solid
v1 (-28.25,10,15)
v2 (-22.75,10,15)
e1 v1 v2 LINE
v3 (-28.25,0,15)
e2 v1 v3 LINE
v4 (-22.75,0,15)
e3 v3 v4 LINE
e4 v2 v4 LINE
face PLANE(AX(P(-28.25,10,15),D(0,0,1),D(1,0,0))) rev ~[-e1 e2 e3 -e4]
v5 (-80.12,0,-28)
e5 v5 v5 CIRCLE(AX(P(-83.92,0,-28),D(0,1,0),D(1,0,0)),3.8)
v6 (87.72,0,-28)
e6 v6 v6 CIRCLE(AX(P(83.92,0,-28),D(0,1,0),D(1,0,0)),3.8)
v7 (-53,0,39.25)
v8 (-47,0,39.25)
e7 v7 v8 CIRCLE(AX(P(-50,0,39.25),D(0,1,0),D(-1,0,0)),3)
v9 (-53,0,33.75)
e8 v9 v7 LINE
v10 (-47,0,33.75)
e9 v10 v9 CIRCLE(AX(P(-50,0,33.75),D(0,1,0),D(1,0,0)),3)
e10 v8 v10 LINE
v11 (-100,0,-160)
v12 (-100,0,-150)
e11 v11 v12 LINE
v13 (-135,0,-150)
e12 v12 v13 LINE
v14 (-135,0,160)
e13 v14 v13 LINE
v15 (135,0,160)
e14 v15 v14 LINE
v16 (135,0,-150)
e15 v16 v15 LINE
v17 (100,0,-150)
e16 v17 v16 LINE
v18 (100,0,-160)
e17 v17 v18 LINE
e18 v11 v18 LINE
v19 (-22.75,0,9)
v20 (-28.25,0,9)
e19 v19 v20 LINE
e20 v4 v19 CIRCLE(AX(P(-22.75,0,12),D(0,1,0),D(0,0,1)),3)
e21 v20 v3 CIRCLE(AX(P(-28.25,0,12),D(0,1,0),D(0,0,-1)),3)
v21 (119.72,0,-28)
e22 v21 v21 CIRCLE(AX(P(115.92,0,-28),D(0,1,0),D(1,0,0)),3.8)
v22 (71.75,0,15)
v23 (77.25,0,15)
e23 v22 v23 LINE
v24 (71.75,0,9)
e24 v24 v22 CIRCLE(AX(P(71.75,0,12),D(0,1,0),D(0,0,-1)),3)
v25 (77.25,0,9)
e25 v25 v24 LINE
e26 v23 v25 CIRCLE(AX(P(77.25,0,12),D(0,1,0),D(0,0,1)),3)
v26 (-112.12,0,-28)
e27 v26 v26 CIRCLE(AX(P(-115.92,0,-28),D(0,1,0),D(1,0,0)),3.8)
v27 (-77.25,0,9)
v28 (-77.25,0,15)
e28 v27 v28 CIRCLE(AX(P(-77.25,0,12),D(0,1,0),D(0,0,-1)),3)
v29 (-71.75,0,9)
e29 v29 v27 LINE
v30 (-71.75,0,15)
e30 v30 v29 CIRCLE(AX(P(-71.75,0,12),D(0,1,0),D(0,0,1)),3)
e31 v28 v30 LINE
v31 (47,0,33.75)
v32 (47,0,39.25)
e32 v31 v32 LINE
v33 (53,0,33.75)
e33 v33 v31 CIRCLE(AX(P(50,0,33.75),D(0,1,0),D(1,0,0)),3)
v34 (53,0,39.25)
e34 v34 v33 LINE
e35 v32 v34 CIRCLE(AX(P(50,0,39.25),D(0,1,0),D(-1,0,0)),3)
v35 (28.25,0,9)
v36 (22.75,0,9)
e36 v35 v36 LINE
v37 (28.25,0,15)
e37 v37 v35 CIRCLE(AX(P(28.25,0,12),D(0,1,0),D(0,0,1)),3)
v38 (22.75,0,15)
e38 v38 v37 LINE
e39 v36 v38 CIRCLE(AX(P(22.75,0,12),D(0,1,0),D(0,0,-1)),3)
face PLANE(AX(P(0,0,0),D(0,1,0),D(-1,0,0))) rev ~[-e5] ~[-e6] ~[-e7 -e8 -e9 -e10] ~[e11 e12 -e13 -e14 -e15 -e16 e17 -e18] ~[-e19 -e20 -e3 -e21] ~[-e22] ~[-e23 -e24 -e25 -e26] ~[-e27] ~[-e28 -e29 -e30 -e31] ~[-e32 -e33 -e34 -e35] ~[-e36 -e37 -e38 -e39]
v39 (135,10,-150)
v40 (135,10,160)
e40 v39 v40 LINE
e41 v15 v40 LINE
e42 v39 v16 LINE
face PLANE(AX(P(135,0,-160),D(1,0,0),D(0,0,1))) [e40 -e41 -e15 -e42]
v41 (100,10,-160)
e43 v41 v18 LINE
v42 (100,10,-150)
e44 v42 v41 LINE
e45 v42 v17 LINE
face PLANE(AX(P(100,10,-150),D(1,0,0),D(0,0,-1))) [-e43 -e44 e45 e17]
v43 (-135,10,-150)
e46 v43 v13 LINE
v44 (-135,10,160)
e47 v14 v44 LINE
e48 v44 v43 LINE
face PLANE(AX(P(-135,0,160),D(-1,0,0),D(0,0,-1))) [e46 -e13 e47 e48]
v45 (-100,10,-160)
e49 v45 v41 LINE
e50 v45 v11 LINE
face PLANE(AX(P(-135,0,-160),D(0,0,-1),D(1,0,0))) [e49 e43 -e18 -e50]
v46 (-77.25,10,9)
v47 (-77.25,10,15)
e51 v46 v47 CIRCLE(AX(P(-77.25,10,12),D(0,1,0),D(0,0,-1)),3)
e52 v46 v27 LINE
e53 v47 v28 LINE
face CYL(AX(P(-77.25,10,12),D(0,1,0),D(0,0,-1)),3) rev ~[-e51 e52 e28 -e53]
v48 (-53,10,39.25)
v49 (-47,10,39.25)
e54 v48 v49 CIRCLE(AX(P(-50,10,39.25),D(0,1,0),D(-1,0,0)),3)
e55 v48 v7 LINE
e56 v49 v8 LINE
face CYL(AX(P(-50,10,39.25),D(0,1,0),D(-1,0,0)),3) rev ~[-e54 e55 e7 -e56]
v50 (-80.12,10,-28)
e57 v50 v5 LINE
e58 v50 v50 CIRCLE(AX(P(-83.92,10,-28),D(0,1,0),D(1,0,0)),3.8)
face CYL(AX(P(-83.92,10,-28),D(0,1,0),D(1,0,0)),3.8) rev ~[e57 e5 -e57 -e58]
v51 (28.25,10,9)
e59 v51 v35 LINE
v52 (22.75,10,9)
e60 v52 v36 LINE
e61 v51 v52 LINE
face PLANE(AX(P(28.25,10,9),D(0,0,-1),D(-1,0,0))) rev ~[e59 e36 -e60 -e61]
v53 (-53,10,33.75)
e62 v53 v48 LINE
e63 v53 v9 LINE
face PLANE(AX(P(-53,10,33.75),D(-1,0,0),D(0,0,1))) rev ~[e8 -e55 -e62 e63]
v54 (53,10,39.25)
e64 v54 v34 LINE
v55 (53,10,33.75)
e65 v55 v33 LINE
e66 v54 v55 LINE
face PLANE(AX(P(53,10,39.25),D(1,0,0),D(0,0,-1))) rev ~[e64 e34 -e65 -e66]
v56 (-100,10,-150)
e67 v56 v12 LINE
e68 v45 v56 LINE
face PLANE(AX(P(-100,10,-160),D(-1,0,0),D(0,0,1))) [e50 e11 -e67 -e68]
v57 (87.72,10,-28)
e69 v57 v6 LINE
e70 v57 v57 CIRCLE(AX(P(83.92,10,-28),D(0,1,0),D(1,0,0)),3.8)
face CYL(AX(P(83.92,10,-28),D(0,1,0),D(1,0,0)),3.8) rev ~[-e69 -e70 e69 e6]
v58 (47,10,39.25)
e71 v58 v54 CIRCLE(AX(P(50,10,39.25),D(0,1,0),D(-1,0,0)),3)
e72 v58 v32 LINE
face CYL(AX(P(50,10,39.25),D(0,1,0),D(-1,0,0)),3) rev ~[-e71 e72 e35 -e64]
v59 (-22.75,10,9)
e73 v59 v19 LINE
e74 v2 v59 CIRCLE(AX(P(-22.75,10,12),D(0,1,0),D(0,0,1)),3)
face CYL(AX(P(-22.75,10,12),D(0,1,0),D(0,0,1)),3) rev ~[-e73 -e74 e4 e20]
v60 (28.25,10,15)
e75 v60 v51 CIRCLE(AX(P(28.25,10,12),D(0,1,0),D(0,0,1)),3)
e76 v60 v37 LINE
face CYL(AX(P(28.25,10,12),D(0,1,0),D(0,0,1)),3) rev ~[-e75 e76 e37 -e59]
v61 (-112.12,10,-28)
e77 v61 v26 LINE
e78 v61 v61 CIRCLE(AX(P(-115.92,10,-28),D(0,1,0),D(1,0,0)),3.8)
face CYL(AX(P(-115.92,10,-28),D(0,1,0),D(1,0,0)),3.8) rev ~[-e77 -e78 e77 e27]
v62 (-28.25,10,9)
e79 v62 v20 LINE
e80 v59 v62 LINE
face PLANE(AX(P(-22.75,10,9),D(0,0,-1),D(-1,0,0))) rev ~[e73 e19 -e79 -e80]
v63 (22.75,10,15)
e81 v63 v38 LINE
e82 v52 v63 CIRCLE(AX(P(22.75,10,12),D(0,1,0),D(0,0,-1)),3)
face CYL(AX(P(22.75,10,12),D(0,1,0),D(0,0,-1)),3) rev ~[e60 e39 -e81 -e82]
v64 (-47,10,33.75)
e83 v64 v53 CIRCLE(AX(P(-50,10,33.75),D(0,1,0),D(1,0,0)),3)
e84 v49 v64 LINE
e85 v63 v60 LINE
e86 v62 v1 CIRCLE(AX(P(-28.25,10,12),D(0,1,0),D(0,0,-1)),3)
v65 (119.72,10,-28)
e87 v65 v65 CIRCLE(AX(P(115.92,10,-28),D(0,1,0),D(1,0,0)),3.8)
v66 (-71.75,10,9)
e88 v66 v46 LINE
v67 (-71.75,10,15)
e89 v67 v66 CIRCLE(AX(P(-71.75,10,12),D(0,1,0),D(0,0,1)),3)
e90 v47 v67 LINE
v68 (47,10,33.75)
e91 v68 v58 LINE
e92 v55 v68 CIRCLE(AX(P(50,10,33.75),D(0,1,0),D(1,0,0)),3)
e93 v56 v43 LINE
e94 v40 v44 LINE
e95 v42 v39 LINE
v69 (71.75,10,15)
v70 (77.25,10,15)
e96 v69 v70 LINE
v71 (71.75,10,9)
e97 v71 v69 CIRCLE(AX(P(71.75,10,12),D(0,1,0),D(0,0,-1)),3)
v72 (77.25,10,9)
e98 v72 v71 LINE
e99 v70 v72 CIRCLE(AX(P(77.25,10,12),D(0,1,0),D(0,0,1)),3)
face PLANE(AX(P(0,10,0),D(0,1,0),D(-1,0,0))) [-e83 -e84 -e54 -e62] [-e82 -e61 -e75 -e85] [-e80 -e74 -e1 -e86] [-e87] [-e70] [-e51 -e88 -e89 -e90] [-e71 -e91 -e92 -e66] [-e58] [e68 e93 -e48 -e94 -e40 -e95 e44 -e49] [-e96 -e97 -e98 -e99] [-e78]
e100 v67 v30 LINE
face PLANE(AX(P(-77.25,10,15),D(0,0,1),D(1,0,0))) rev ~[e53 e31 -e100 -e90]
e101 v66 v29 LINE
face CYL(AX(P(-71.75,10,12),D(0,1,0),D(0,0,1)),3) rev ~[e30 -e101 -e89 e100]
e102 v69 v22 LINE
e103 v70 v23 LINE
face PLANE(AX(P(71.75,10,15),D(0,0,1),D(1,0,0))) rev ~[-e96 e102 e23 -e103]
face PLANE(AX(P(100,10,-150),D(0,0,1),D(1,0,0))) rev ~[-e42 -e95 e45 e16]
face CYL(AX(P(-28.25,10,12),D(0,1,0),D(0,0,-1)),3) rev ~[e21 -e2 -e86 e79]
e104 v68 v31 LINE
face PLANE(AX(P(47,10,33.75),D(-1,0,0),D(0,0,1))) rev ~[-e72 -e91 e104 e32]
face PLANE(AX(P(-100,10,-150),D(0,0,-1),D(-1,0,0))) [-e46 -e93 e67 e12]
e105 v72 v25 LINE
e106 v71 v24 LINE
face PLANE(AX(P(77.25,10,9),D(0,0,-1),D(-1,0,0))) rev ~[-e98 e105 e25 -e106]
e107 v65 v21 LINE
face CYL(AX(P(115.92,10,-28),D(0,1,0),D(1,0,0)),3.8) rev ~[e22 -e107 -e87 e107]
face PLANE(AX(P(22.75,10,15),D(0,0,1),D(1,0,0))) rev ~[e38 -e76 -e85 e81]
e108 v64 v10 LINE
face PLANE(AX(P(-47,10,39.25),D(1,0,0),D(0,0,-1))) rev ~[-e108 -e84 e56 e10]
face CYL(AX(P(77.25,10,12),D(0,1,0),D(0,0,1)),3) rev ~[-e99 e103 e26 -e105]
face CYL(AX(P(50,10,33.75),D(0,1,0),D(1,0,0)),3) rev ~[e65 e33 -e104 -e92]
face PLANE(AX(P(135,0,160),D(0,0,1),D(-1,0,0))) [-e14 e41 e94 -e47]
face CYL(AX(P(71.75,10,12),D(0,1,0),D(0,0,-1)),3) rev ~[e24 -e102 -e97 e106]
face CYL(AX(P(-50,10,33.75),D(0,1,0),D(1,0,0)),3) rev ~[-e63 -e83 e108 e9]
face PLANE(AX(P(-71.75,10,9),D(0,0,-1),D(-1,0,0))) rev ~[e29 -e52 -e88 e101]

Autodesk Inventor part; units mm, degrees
ref_plane "YZ Plane" through (0, 0, 0) normal (1, 0, 0) x (0, 1, 0)
ref_plane "XZ Plane" through (0, 0, 0) normal (0, 1, 0) x (-1, 0, 0)
ref_plane "XY Plane" through (0, 0, 0) normal (0, 0, 1) x (1, 0, 0)
sketch "Sketch1" plane through (0, 0, 0) normal (0, 1, 0) x (-1, 0, 0)
  line L0 (-135, 160) -> (135, 160)
  line L1 (135, 160) -> (135, -160)
  line L2 (135, -160) -> (-135, -160)
  line L3 (-135, -160) -> (-135, 160)
  line L4 (-135, 160) -> (135, -160) construction
  line L5 (135, 160) -> (-135, -160) construction
  point P0 (0, 0)
  dimension "d0" = 270
  dimension "d1" = 320
extrude "Extrusion1" add sketch "Sketch1" along normal blind 10
sketch "Sketch2" plane through (0, 10, 0) normal (0, 1, 0) x (1, 0, 0)
  line L0 (57, -25.5) -> (57, -50) projected
  line L1 (57, -25.5) -> (43, -25.5) projected
  line L2 (43, -50) -> (43, -25.5) projected
  line L3 (57, -50) -> (43, -50) projected
  arc A0 (53, -33.75) -> (47, -33.75) centre (50, -33.75) ccw projected
  line L4 (53, -39.25) -> (53, -33.75) projected
  arc A1 (47, -39.25) -> (53, -39.25) centre (50, -39.25) ccw projected
  line L5 (47, -33.75) -> (47, -39.25) projected
  line L6 (63.5, -5) -> (88, -5) projected
  line L7 (63.5, -5) -> (63.5, -19) projected
  line L8 (88, -19) -> (63.5, -19) projected
  line L9 (88, -5) -> (88, -19) projected
  arc A2 (71.75, -9) -> (71.75, -15) centre (71.75, -12) ccw projected
  line L10 (77.25, -9) -> (71.75, -9) projected
  arc A3 (77.25, -15) -> (77.25, -9) centre (77.25, -12) ccw projected
  line L11 (71.75, -15) -> (77.25, -15) projected
  line L12 (36.5, -19) -> (12, -19) projected
  line L13 (36.5, -19) -> (36.5, -5) projected
  line L14 (12, -5) -> (36.5, -5) projected
  line L15 (12, -19) -> (12, -5) projected
  arc A4 (28.25, -15) -> (28.25, -9) centre (28.25, -12) ccw projected
  line L16 (22.75, -15) -> (28.25, -15) projected
  arc A5 (22.75, -9) -> (22.75, -15) centre (22.75, -12) ccw projected
  line L17 (28.25, -9) -> (22.75, -9) projected
  line L18 (-36.5, -5) -> (-12, -5) projected
  line L19 (-36.5, -5) -> (-36.5, -19) projected
  line L20 (-12, -19) -> (-36.5, -19) projected
  line L21 (-12, -5) -> (-12, -19) projected
  arc A6 (-28.25, -9) -> (-28.25, -15) centre (-28.25, -12) ccw projected
  line L22 (-22.75, -9) -> (-28.25, -9) projected
  arc A7 (-22.75, -15) -> (-22.75, -9) centre (-22.75, -12) ccw projected
  line L23 (-28.25, -15) -> (-22.75, -15) projected
  line L24 (-43, -25.5) -> (-43, -50) projected
  line L25 (-43, -25.5) -> (-57, -25.5) projected
  line L26 (-57, -50) -> (-57, -25.5) projected
  line L27 (-43, -50) -> (-57, -50) projected
  arc A8 (-47, -33.75) -> (-53, -33.75) centre (-50, -33.75) ccw projected
  line L28 (-47, -39.25) -> (-47, -33.75) projected
  arc A9 (-53, -39.25) -> (-47, -39.25) centre (-50, -39.25) ccw projected
  line L29 (-53, -33.75) -> (-53, -39.25) projected
  line L30 (-63.5, -19) -> (-88, -19) projected
  line L31 (-63.5, -19) -> (-63.5, -5) projected
  line L32 (-88, -5) -> (-63.5, -5) projected
  line L33 (-88, -19) -> (-88, -5) projected
  arc A10 (-71.75, -15) -> (-71.75, -9) centre (-71.75, -12) ccw projected
  line L34 (-77.25, -15) -> (-71.75, -15) projected
  arc A11 (-77.25, -9) -> (-77.25, -15) centre (-77.25, -12) ccw projected
  line L35 (-71.75, -9) -> (-77.25, -9) projected
  line L36 (-108.92, 42.1) -> (-108.92, 39.2309) projected
  line L37 (-108.52, 39) -> (-108.92, 39.2309) projected
  line L38 (-108.92, 38.7691) -> (-108.52, 39) projected
  line L39 (-108.92, 38.7691) -> (-108.92, 35.0867) projected
  line L40 (-108.92, 35.0867) -> (-117.2017, 32.9363) projected
  arc A12 (-117.2017, 32.9363) -> (-117.2017, 23.0637) centre (-115.92, 28) ccw projected
  line L41 (-117.2017, 23.0637) -> (-101.7351, 19.0476) projected
  arc A13 (-101.7351, 19.0476) -> (-100.579, 18.9) centre (-100.579, 23.5) ccw projected
  line L42 (-100.579, 18.9) -> (-99.2609, 18.9) projected
  arc A14 (-99.2609, 18.9) -> (-98.1048, 19.0476) centre (-99.2609, 23.5) ccw projected
  line L43 (-98.1048, 19.0476) -> (-82.6382, 23.0637) projected
  arc A15 (-82.6382, 23.0637) -> (-82.6382, 32.9363) centre (-83.92, 28) ccw projected
  line L44 (-82.6382, 32.9363) -> (-90.92, 35.0867) projected
  line L45 (-90.92, 42.1) -> (-90.92, 35.0867) projected
  line L46 (-90.92, 42.1) -> (-99.195, 42.1) projected
  line L47 (-99.195, 32.3399) -> (-99.195, 42.1) projected
  arc A16 (-100.645, 32.3399) -> (-99.195, 32.3399) centre (-99.92, 28) ccw projected
  line L48 (-100.645, 32.3399) -> (-100.645, 42.1) projected
  line L49 (-100.645, 42.1) -> (-108.92, 42.1) projected
  circle A17 centre (-115.92, 28) radius 3.8 projected
  circle A18 centre (-83.92, 28) radius 3.8 projected
  line L50 (90.92, 42.1) -> (90.92, 39.2309) projected
  line L51 (91.32, 39) -> (90.92, 39.2309) projected
  line L52 (90.92, 38.7691) -> (91.32, 39) projected
  line L53 (90.92, 38.7691) -> (90.92, 35.0867) projected
  line L54 (90.92, 35.0867) -> (82.6382, 32.9363) projected
  arc A19 (82.6382, 32.9363) -> (82.6382, 23.0637) centre (83.92, 28) ccw projected
  line L55 (82.6382, 23.0637) -> (98.1048, 19.0476) projected
  arc A20 (98.1048, 19.0476) -> (99.2609, 18.9) centre (99.2609, 23.5) ccw projected
  line L56 (99.2609, 18.9) -> (100.579, 18.9) projected
  arc A21 (100.579, 18.9) -> (101.7351, 19.0476) centre (100.579, 23.5) ccw projected
  line L57 (101.7351, 19.0476) -> (117.2017, 23.0637) projected
  arc A22 (117.2017, 23.0637) -> (117.2017, 32.9363) centre (115.92, 28) ccw projected
  line L58 (117.2017, 32.9363) -> (108.92, 35.0867) projected
  line L59 (108.92, 42.1) -> (108.92, 35.0867) projected
  line L60 (108.92, 42.1) -> (100.645, 42.1) projected
  line L61 (100.645, 32.3399) -> (100.645, 42.1) projected
  arc A23 (99.195, 32.3399) -> (100.645, 32.3399) centre (99.92, 28) ccw projected
  line L62 (99.195, 32.3399) -> (99.195, 42.1) projected
  line L63 (99.195, 42.1) -> (90.92, 42.1) projected
  circle A24 centre (83.92, 28) radius 3.8 projected
  circle A25 centre (115.92, 28) radius 3.8 projected
  point P0 (0, 0)
extrude "Extrusion2" cut sketch "Sketch2" against normal blind 10 contours L4 A1 L5 A0 | L10 A3 L11 A2 | L16 A5 L17 A4 | L22 A7 L23 A6 | L28 A9 L29 A8 | L34 A11 L35 A10 | A17 | A18 | A24 | A25
sketch "Sketch3" plane through (0, 10, 0) normal (0, 1, 0) x (1, 0, 0)
  arc A0 (-77.25, -9) -> (-77.25, -15) centre (-77.25, -12) ccw projected
  line L0 (-77.25, -9) -> (-71.75, -9) projected
  arc A1 (-71.75, -15) -> (-71.75, -9) centre (-71.75, -12) ccw projected
  line L1 (-71.75, -15) -> (-77.25, -15) projected
  circle A2 centre (83.92, 28) radius 3.8 projected
  circle A3 centre (-115.92, 28) radius 3.8 projected
  arc A4 (77.25, -15) -> (77.25, -9) centre (77.25, -12) ccw projected
  line L2 (77.25, -15) -> (71.75, -15) projected
  arc A5 (71.75, -9) -> (71.75, -15) centre (71.75, -12) ccw projected
  line L3 (71.75, -9) -> (77.25, -9) projected
  arc A6 (-22.75, -15) -> (-22.75, -9) centre (-22.75, -12) ccw projected
  line L4 (-22.75, -15) -> (-28.25, -15) projected
  arc A7 (-28.25, -9) -> (-28.25, -15) centre (-28.25, -12) ccw projected
  line L5 (-28.25, -9) -> (-22.75, -9) projected
  arc A8 (47, -39.25) -> (53, -39.25) centre (50, -39.25) ccw projected
  line L6 (47, -39.25) -> (47, -33.75) projected
  arc A9 (53, -33.75) -> (47, -33.75) centre (50, -33.75) ccw projected
  line L7 (53, -33.75) -> (53, -39.25) projected
  circle A10 centre (115.92, 28) radius 3.8 projected
  circle A11 centre (-83.92, 28) radius 3.8 projected
  arc A12 (22.75, -9) -> (22.75, -15) centre (22.75, -12) ccw projected
  line L8 (22.75, -9) -> (28.25, -9) projected
  arc A13 (28.25, -15) -> (28.25, -9) centre (28.25, -12) ccw projected
  line L9 (28.25, -15) -> (22.75, -15) projected
  arc A14 (-53, -39.25) -> (-47, -39.25) centre (-50, -39.25) ccw projected
  line L10 (-53, -39.25) -> (-53, -33.75) projected
  arc A15 (-47, -33.75) -> (-53, -33.75) centre (-50, -33.75) ccw projected
  line L11 (-47, -33.75) -> (-47, -39.25) projected
  line L12 (135, 160) -> (-135, 160) projected
  line L13 (-135, 160) -> (-135, -160) projected
  line L14 (-135, -160) -> (135, -160) projected
  line L15 (135, -160) -> (135, 160) projected
  line L16 (100, 170) -> (-100, 170)
  line L17 (-100, 170) -> (-100, 150)
  line L18 (-100, 150) -> (100, 150)
  line L19 (100, 150) -> (100, 170)
  line L20 (135, 160) -> (-135, 160) projected
  line L21 (100, 170) -> (-100, 150) construction
  line L22 (-100, 170) -> (100, 150) construction
  line L23 (-100, 150) -> (-135, 150)
  line L24 (-135, 160) -> (-135, -160) projected
  line L25 (100, 150) -> (135, 150)
  point P0 (0, 0)
  point P1 (0, 160)
  point P2 (-100, 160)
  point P3 (100, 160)
  dimension "d6" = 10
  dimension "d7" = 200
extrude "Extrusion3" cut sketch "Sketch3" against normal blind 49.25 contours L15 L25 L19 L12 | L17 L23 L13 L12
properties part number "12_Tam_go_top" material "Glass"
